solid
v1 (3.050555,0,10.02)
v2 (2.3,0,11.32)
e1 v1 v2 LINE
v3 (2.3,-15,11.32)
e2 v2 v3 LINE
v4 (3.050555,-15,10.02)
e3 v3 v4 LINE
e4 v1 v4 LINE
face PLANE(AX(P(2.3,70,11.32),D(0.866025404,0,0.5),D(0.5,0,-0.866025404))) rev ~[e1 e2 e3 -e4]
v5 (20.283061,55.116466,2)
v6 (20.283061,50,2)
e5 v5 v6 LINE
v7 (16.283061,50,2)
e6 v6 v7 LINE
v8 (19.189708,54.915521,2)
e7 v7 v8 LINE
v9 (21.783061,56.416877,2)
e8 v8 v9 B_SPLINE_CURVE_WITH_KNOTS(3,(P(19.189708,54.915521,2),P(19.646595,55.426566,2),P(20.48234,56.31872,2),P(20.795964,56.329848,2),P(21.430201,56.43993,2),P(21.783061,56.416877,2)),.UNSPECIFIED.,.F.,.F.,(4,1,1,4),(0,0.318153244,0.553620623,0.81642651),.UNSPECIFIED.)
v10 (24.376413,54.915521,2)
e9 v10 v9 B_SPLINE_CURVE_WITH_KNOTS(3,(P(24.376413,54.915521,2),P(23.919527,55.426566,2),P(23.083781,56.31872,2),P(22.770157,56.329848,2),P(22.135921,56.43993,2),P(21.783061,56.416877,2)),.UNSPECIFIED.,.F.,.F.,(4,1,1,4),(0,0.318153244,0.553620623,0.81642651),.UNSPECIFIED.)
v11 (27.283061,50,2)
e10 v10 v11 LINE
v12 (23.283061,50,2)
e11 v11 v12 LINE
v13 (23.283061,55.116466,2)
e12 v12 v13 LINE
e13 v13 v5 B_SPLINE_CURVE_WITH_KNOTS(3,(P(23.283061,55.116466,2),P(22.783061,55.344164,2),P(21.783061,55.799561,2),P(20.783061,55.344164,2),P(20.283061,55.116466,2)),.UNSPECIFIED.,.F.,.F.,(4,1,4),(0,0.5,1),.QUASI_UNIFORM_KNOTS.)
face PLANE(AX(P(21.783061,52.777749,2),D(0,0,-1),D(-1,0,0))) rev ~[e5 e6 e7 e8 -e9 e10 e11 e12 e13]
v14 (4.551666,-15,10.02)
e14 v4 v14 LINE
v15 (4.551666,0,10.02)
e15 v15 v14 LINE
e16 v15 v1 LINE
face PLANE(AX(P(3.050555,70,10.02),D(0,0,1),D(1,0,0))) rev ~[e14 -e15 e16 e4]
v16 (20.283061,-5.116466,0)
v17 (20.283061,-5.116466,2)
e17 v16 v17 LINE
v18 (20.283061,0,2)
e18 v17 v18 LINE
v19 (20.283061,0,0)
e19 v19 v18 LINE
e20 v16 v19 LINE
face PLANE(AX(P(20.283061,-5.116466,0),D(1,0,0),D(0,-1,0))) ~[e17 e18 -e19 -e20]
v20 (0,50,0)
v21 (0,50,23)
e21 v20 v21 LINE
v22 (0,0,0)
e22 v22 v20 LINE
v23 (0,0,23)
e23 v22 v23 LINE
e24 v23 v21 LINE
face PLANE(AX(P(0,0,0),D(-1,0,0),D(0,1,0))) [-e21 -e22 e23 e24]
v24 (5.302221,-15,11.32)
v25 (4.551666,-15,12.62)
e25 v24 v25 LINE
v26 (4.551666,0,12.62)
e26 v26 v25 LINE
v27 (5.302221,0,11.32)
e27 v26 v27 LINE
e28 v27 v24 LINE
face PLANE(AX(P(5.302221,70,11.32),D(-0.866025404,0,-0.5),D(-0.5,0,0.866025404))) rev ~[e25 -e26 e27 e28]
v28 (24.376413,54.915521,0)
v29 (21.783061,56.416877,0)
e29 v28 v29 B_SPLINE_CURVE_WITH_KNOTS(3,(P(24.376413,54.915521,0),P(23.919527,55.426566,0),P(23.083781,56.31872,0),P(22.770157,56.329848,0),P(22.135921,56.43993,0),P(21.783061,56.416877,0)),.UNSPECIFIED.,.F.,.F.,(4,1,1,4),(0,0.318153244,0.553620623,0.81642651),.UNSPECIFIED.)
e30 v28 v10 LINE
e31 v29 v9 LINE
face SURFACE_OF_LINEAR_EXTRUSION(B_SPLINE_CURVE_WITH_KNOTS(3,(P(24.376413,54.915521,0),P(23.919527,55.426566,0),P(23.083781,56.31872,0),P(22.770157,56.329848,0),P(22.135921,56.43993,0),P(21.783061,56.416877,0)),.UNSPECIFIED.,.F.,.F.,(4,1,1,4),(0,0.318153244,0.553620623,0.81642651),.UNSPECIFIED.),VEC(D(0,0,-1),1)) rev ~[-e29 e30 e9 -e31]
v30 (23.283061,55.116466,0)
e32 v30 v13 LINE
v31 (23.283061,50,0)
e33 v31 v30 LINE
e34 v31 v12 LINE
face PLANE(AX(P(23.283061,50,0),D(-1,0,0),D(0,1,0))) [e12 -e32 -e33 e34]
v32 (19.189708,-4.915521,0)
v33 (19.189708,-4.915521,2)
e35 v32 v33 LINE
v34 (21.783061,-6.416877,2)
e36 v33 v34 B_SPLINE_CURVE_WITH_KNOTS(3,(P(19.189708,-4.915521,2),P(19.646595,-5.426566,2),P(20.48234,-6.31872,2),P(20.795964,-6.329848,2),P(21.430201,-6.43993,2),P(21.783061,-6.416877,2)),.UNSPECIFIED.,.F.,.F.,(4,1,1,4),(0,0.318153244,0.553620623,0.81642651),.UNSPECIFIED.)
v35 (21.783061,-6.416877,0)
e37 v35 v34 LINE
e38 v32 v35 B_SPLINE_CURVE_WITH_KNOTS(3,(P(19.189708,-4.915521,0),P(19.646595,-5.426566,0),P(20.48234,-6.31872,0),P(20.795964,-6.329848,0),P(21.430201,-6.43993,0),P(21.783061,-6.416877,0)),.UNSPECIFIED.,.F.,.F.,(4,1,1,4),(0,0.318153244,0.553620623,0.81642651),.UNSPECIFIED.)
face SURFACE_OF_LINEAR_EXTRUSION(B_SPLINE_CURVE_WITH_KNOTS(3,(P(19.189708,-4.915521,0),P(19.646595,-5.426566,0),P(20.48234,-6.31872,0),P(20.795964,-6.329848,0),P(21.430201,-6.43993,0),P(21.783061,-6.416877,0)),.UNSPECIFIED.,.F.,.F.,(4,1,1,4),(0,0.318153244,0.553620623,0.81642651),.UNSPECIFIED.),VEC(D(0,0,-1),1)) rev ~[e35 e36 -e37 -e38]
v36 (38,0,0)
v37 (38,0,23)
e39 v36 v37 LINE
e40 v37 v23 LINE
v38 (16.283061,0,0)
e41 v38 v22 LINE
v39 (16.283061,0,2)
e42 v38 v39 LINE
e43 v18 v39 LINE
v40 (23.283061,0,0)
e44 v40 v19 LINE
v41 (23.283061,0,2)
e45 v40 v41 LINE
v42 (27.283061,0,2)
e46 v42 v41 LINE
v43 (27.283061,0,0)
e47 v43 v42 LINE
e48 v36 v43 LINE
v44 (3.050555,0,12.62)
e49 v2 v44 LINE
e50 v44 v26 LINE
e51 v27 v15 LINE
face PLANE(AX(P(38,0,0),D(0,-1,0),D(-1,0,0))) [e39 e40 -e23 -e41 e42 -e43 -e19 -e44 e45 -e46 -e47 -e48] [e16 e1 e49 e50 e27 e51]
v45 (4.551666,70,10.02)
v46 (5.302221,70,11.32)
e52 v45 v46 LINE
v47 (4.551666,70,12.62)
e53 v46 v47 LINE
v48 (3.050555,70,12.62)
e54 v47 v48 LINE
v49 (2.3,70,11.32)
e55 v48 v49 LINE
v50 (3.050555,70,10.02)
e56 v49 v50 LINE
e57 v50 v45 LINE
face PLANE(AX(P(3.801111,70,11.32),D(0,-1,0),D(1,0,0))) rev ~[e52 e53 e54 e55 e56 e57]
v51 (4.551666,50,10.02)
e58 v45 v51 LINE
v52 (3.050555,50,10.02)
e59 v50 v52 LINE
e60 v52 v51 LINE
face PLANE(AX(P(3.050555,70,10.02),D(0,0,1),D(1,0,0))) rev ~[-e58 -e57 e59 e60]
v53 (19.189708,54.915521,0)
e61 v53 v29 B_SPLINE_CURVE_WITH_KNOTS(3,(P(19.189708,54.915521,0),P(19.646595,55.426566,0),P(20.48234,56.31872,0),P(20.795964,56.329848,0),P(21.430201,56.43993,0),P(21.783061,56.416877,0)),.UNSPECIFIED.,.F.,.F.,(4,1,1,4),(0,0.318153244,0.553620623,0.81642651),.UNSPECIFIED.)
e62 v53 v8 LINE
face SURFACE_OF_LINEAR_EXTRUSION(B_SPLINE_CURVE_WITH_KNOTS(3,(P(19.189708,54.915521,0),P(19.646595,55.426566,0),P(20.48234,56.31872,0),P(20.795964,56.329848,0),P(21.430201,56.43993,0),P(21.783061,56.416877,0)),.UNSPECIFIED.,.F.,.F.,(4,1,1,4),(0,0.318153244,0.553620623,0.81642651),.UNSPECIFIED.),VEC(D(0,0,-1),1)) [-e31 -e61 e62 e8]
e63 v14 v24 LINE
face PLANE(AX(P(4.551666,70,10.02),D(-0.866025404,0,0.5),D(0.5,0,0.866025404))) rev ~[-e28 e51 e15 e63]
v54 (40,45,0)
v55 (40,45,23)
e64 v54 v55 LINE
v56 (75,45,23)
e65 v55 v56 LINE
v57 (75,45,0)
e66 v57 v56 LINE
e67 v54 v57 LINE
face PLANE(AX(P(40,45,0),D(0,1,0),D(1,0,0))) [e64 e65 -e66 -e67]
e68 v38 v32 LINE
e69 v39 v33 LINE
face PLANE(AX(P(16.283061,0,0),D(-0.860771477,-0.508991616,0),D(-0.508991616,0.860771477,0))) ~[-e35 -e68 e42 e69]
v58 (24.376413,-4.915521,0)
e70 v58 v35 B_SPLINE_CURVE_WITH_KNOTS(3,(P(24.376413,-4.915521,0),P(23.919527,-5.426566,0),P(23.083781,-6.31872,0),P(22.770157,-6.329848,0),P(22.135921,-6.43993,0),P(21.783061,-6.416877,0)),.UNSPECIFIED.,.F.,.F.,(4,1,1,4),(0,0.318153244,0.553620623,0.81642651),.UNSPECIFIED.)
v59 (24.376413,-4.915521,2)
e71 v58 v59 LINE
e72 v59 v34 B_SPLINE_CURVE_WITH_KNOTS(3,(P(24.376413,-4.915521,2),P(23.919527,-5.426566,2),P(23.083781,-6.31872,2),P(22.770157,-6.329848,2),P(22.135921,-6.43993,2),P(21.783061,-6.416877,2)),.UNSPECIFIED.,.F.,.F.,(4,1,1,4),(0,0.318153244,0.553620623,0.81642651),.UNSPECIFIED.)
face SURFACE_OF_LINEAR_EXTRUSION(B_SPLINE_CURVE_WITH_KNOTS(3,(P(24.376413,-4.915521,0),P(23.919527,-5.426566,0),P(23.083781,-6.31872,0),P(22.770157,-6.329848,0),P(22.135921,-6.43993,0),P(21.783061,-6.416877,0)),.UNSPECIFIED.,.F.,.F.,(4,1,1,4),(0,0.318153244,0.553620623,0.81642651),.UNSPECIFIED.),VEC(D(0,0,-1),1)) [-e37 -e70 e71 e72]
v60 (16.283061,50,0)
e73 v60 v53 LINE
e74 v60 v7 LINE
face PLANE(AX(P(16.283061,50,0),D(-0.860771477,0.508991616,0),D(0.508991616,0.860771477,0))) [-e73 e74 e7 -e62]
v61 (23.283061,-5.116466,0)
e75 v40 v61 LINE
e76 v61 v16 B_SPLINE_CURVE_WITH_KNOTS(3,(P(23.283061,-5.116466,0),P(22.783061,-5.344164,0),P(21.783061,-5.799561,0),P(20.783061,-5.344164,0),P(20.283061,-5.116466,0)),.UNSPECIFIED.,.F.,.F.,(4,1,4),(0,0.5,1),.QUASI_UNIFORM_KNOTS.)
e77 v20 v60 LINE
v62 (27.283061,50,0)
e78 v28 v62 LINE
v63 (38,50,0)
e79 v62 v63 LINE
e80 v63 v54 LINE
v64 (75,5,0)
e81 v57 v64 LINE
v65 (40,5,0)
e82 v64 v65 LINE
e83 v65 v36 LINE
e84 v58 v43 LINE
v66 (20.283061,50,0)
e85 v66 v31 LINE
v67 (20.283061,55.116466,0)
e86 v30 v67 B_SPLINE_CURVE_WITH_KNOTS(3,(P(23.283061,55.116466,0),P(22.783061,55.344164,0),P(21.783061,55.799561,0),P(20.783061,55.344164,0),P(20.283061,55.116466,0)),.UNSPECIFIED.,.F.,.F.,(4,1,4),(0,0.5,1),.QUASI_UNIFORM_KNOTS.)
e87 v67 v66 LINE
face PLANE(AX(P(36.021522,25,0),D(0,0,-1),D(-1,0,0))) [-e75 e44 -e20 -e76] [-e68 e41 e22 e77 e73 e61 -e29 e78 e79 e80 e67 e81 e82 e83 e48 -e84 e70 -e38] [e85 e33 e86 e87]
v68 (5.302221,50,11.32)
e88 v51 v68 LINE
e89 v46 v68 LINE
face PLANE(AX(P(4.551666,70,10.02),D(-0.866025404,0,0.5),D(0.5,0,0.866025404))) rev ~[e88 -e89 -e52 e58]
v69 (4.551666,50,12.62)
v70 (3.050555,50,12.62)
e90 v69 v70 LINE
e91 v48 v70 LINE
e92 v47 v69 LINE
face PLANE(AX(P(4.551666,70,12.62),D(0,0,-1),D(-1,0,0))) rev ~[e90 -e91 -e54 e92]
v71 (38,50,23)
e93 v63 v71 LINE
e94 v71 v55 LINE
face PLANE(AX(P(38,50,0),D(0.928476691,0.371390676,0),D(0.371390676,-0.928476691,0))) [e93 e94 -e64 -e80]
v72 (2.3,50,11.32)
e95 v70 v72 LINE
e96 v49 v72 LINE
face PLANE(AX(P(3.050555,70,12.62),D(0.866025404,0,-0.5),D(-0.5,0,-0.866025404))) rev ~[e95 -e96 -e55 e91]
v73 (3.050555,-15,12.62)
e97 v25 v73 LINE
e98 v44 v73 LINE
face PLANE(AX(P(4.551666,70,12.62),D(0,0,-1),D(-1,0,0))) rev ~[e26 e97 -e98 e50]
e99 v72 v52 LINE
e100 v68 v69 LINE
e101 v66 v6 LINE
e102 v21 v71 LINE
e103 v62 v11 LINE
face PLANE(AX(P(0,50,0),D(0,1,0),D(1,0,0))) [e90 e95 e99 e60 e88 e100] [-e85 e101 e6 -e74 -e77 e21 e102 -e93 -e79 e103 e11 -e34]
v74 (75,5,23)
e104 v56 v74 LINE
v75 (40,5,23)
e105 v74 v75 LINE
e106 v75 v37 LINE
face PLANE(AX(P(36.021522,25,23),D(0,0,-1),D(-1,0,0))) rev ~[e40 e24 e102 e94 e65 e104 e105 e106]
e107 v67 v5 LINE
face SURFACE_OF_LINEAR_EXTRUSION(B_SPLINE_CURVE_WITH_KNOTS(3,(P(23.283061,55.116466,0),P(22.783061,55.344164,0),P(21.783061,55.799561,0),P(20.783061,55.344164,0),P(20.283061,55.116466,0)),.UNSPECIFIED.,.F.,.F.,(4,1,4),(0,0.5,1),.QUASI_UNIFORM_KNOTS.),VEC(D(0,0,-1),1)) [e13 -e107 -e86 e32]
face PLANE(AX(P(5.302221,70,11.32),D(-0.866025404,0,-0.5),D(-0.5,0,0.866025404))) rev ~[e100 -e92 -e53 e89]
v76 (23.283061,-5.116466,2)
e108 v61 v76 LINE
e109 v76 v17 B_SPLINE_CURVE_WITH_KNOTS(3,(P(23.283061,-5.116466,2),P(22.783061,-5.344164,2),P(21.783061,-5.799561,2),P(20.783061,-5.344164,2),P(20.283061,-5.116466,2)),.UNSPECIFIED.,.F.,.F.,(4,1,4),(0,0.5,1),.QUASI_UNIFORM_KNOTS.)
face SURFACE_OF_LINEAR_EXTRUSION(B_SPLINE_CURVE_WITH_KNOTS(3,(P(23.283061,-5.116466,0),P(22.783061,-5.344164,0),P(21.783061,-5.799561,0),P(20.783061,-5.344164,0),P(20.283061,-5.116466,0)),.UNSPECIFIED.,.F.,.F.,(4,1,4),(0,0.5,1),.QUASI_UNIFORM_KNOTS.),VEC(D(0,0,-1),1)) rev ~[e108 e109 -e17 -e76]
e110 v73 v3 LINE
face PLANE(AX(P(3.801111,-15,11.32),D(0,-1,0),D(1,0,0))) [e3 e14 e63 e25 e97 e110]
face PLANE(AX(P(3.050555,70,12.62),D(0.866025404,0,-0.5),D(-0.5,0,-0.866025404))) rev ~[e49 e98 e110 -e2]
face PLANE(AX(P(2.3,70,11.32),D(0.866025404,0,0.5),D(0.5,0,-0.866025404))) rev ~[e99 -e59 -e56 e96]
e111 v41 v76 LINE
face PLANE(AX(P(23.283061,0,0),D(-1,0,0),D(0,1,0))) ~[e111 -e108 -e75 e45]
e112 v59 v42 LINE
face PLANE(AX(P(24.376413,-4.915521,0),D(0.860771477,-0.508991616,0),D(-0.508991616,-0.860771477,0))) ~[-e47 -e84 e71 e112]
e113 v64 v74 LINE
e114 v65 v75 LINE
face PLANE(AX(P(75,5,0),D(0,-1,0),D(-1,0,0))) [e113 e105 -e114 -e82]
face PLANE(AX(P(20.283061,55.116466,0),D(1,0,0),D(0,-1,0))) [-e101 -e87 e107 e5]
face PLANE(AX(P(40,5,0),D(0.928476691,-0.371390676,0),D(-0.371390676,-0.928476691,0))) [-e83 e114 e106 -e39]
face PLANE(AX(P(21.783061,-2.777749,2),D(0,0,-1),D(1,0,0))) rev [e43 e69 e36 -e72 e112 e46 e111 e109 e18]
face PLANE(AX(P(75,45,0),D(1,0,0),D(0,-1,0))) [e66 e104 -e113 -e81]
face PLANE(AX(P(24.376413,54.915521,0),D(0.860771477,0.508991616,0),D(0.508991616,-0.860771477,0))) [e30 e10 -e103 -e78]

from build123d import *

# Parameters (mm, degrees)
BOSS_EXTRUDE1_DEPTH      = 23
BOSS_EXTRUDE2_DEPTH      = 2
BOSS_EXTRUDE3_DEPTH      = 15
BOSS_EXTRUDE3_DEPTH_BACK = 70


with BuildPart() as part:
    # Sketch1 → Boss-Extrude1 (new body)
    with BuildSketch(Plane.XY):
        Polygon((38, 50), (40, 45), (75, 45), (75, 5), (40, 5), (38, 0), (0, 0), (0, 50), align=None)
    extrude(amount=BOSS_EXTRUDE1_DEPTH)

    # Sketch2 → Boss-Extrude2 (add)
    with BuildSketch(Plane(origin=(0, 0, 0), x_dir=(-1, 0, 0), z_dir=(0, 0, -1))):
        with BuildLine():
            Line((-24.376413311, 54.915521171), (-27.283060583, 50))
            Line((-27.283060583, 50), (-23.283060583, 50))
            Line((-23.283060583, 50), (-23.283060583, 55.116465729))
            add(Edge.make_bspline(
                [(-23.283060583, 55.116465729), (-22.783060583, 55.344163988), (-21.783060583, 55.799560505), (-20.783060583, 55.344163988), (-20.283060583, 55.116465729)],
                knots=[0, 0, 0, 0, 0.5, 1, 1, 1, 1], degree=3))
            Line((-20.283060583, 55.116465729), (-20.283060583, 50))
            Line((-20.283060583, 50), (-16.283060583, 50))
            Line((-16.283060583, 50), (-19.189707855, 54.915521171))
            add(Edge.make_bspline(
                [(-19.189707855, 54.915521171), (-19.646594621, 55.426566158), (-20.482340041, 56.318719988), (-20.795963928, 56.329848385), (-21.430200541, 56.439930134), (-21.783060583, 56.416877275)],
                knots=[0, 0, 0, 0, 0.318153244, 0.553620623, 0.81642651, 0.81642651, 0.81642651, 0.81642651], degree=3))
            add(Edge.make_bspline(
                [(-24.376413311, 54.915521171), (-23.919526545, 55.426566158), (-23.083781124, 56.318719988), (-22.770157237, 56.329848385), (-22.135920624, 56.439930134), (-21.783060583, 56.416877275)],
                knots=[0, 0, 0, 0, 0.318153244, 0.553620623, 0.81642651, 0.81642651, 0.81642651, 0.81642651], degree=3))
        make_face()
    boss_extrude2 = extrude(amount=-BOSS_EXTRUDE2_DEPTH)

    # Mirror1: Boss-Extrude2 across plane
    add(boss_extrude2.mirror(Plane.ZX.offset(25)))

    # Sketch3 → Boss-Extrude3 (add, two sides: drawn at the far end of the back side and taken through both)
    with BuildSketch(Plane.XZ.offset(-BOSS_EXTRUDE3_DEPTH_BACK)):
        Polygon((5.3022214, 11.32), (4.55166605, 12.62), (3.05055535, 12.62), (2.3, 11.32), (3.05055535, 10.02), (4.55166605, 10.02), align=None)
    extrude(amount=BOSS_EXTRUDE3_DEPTH + BOSS_EXTRUDE3_DEPTH_BACK)


solid = part.part
